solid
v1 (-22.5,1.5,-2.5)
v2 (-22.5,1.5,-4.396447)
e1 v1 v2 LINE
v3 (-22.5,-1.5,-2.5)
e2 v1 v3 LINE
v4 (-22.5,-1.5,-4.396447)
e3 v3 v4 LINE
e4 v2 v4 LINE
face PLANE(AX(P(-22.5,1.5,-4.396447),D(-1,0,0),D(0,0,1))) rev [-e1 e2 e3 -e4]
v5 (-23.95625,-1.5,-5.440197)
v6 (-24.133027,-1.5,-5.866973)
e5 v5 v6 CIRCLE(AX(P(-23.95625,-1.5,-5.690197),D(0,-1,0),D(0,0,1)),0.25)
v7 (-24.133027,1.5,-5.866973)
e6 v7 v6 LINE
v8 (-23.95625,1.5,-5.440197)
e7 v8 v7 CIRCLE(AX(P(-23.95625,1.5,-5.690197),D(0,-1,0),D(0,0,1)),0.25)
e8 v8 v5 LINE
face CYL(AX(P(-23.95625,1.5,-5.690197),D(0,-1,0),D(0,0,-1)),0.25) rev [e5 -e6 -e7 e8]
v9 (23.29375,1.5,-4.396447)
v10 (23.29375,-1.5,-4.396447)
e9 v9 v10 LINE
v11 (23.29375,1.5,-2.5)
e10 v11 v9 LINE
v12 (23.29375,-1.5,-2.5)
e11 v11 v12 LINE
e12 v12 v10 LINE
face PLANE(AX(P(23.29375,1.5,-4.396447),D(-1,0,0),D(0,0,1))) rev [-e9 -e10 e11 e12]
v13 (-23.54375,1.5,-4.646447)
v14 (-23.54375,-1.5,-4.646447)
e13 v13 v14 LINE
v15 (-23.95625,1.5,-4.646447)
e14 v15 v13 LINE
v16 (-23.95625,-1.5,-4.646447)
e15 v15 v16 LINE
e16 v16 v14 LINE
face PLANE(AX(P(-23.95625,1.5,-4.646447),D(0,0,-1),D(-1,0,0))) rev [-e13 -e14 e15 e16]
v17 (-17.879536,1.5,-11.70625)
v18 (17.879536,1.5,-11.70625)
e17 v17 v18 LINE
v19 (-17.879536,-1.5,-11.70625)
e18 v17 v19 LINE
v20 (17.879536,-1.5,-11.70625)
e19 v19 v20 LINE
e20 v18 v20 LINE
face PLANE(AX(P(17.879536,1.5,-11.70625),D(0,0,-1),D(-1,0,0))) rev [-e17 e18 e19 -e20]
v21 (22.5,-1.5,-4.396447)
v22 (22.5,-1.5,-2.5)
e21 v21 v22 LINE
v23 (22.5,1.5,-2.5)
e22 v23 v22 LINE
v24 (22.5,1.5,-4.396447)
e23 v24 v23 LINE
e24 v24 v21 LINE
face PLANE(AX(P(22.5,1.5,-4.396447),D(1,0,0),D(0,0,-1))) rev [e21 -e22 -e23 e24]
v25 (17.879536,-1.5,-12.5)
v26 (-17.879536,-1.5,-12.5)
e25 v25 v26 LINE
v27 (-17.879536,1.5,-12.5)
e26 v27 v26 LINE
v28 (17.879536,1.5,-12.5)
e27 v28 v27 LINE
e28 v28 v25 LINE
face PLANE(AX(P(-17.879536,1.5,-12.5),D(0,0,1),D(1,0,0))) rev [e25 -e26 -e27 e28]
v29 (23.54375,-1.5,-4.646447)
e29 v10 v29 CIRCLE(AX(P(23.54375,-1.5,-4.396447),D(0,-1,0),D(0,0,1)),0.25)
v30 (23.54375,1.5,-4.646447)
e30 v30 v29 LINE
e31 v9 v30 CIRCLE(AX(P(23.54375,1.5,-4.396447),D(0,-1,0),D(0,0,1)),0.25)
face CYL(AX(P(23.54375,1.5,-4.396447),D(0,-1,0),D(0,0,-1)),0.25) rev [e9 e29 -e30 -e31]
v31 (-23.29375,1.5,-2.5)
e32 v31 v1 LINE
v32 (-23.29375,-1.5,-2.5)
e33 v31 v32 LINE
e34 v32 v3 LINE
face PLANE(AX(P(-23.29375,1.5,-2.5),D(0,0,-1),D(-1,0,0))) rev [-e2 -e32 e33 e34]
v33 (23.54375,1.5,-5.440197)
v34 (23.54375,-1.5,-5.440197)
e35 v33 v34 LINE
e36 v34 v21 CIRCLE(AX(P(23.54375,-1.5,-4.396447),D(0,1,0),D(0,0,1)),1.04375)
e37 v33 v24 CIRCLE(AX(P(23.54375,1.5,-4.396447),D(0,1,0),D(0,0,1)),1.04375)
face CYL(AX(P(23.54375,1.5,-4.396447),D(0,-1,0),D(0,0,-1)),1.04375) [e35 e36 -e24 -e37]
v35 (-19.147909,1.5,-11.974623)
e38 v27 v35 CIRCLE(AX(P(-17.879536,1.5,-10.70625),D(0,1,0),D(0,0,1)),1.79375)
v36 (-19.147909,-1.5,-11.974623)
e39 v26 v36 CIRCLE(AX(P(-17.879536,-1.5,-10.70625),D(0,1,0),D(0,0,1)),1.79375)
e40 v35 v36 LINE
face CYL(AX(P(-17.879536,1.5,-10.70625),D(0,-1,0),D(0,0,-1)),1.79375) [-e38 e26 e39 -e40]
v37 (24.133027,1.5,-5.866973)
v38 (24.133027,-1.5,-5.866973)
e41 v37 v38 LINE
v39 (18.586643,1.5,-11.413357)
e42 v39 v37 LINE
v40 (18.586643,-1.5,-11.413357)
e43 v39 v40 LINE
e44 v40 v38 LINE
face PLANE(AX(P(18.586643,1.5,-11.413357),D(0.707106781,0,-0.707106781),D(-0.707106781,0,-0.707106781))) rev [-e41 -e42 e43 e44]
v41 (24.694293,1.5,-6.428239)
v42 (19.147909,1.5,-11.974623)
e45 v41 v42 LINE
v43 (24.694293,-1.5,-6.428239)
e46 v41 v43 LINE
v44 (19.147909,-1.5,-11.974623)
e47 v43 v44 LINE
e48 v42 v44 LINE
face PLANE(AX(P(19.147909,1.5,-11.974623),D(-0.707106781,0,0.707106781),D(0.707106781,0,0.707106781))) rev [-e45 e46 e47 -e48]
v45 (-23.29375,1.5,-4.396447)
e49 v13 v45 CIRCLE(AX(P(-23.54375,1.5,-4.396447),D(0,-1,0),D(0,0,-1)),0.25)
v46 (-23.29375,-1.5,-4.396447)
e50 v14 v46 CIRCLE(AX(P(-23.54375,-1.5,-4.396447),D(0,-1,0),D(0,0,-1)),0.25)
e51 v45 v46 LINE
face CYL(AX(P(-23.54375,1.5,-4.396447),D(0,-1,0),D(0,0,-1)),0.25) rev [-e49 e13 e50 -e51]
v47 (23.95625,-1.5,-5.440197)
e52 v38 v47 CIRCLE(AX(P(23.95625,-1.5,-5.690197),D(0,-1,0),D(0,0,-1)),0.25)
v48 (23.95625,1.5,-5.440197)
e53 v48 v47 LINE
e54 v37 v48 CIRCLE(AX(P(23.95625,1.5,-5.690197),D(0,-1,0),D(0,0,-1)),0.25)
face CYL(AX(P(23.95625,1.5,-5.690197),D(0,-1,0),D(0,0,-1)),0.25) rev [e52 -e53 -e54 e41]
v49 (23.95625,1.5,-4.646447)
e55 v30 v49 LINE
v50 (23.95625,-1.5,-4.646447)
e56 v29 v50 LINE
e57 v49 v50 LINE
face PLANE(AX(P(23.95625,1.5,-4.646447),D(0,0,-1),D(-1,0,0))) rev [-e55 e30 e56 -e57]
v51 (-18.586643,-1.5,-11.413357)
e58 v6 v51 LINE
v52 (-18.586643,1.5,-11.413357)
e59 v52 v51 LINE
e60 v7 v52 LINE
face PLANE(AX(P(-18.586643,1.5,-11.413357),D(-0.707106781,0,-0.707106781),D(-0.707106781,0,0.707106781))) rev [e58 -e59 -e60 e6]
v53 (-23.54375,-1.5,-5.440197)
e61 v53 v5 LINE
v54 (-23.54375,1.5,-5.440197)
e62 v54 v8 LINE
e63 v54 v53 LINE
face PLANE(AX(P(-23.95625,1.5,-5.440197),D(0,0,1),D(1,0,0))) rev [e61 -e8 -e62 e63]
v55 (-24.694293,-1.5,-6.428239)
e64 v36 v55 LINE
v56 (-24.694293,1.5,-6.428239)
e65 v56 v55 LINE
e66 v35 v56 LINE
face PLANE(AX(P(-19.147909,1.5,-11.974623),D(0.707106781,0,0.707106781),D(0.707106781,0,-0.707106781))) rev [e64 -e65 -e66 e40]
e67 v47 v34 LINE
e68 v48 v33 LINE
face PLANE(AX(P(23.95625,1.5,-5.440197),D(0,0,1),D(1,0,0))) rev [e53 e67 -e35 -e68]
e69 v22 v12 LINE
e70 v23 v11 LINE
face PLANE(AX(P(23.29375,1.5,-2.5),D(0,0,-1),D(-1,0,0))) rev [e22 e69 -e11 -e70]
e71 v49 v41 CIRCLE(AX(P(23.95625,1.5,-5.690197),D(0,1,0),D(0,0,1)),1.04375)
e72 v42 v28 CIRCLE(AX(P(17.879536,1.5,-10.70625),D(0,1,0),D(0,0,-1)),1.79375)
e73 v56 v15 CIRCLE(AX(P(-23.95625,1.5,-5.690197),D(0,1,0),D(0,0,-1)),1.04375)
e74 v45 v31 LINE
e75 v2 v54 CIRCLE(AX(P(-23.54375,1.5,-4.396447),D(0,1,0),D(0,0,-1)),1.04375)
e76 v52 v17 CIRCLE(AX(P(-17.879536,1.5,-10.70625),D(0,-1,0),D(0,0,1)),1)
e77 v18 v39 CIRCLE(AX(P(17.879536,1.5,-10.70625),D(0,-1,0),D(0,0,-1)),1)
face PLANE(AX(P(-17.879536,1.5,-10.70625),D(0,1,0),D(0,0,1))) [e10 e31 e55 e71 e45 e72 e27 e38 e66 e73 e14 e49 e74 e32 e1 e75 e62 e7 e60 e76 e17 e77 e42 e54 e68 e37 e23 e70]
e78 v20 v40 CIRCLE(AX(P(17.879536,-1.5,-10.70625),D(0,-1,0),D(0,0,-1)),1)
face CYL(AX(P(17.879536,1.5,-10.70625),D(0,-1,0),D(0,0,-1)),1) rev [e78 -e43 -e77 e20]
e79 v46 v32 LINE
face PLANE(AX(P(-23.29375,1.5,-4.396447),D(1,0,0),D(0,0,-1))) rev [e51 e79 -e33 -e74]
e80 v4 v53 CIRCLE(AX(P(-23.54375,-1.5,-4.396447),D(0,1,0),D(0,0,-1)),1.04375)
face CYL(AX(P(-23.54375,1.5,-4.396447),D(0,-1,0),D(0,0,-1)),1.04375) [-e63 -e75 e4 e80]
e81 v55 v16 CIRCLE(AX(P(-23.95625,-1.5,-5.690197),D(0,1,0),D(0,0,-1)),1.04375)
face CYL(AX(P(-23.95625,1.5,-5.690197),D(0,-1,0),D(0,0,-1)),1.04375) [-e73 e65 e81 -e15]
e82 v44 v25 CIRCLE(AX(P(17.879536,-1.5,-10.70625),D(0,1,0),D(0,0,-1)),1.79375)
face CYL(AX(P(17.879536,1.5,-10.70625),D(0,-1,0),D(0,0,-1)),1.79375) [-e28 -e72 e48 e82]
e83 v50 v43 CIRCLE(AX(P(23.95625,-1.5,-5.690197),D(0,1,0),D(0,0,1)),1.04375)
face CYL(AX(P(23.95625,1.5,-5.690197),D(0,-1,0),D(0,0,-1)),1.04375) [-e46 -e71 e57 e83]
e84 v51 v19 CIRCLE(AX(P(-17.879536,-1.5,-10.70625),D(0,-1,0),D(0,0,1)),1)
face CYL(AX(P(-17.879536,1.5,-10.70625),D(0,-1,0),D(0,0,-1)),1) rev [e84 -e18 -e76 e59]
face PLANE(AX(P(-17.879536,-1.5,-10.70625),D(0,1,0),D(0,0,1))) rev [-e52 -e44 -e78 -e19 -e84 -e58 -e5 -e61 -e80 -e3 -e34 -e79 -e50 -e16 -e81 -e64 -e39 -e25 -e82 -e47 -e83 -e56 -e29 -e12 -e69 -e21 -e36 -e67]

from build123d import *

# Parameters (mm, degrees)
BOSS_EXTRUDE1_DEPTH = 1.5


with BuildPart() as part:
    # Sketch1 → Boss-Extrude1 (new, symmetric)
    with BuildSketch(Plane(origin=(0, 0, 0), x_dir=(1, 0, 0), z_dir=(0, 1, 0))):
        with BuildLine():
            Line((17.879536438, 11.70625), (-17.879536438, 11.70625))
            ThreePointArc((-17.879536438, 11.70625), (-18.26221987, 11.630129533), (-18.586643219, 11.413356781))
            Line((-18.586643219, 11.413356781), (-24.133026695, 5.866973305))
            ThreePointArc((-24.133026695, 5.866973305), (-24.187219883, 5.594525751), (-23.95625, 5.440196609))
            Line((-23.95625, 5.440196609), (-23.54375, 5.440196609))
            ThreePointArc((-23.54375, 5.440196609), (-22.805707297, 5.134489312), (-22.5, 4.396446609))
            Line((-22.5, 4.396446609), (-22.5, 2.5))
            Line((-22.5, 2.5), (-23.29375, 2.5))
            Line((-23.29375, 2.5), (-23.29375, 4.396446609))
            ThreePointArc((-23.29375, 4.396446609), (-23.366973305, 4.573223305), (-23.54375, 4.646446609))
            Line((-23.54375, 4.646446609), (-23.95625, 4.646446609))
            ThreePointArc((-23.95625, 4.646446609), (-24.920549262, 5.290770777), (-24.694292703, 6.428239312))
            Line((-24.694292703, 6.428239312), (-19.147909226, 11.974622789))
            ThreePointArc((-19.147909226, 11.974622789), (-18.565974844, 12.363458911), (-17.879536438, 12.5))
            Line((-17.879536438, 12.5), (17.879536438, 12.5))
            ThreePointArc((17.879536438, 12.5), (18.565974844, 12.363458911), (19.147909226, 11.974622789))
            Line((19.147909226, 11.974622789), (24.694292703, 6.428239312))
            ThreePointArc((24.694292703, 6.428239312), (24.920549262, 5.290770777), (23.95625, 4.646446609))
            Line((23.95625, 4.646446609), (23.54375, 4.646446609))
            ThreePointArc((23.54375, 4.646446609), (23.366973305, 4.573223305), (23.29375, 4.396446609))
            Line((23.29375, 4.396446609), (23.29375, 2.5))
            Line((23.29375, 2.5), (22.5, 2.5))
            Line((22.5, 2.5), (22.5, 4.396446609))
            ThreePointArc((22.5, 4.396446609), (22.805707297, 5.134489312), (23.54375, 5.440196609))
            Line((23.54375, 5.440196609), (23.95625, 5.440196609))
            ThreePointArc((23.95625, 5.440196609), (24.187219883, 5.594525751), (24.133026695, 5.866973305))
            Line((24.133026695, 5.866973305), (18.586643219, 11.413356781))
            ThreePointArc((18.586643219, 11.413356781), (18.26221987, 11.630129533), (17.879536438, 11.70625))
        make_face()
    extrude(amount=BOSS_EXTRUDE1_DEPTH, both=True)


solid = part.part
